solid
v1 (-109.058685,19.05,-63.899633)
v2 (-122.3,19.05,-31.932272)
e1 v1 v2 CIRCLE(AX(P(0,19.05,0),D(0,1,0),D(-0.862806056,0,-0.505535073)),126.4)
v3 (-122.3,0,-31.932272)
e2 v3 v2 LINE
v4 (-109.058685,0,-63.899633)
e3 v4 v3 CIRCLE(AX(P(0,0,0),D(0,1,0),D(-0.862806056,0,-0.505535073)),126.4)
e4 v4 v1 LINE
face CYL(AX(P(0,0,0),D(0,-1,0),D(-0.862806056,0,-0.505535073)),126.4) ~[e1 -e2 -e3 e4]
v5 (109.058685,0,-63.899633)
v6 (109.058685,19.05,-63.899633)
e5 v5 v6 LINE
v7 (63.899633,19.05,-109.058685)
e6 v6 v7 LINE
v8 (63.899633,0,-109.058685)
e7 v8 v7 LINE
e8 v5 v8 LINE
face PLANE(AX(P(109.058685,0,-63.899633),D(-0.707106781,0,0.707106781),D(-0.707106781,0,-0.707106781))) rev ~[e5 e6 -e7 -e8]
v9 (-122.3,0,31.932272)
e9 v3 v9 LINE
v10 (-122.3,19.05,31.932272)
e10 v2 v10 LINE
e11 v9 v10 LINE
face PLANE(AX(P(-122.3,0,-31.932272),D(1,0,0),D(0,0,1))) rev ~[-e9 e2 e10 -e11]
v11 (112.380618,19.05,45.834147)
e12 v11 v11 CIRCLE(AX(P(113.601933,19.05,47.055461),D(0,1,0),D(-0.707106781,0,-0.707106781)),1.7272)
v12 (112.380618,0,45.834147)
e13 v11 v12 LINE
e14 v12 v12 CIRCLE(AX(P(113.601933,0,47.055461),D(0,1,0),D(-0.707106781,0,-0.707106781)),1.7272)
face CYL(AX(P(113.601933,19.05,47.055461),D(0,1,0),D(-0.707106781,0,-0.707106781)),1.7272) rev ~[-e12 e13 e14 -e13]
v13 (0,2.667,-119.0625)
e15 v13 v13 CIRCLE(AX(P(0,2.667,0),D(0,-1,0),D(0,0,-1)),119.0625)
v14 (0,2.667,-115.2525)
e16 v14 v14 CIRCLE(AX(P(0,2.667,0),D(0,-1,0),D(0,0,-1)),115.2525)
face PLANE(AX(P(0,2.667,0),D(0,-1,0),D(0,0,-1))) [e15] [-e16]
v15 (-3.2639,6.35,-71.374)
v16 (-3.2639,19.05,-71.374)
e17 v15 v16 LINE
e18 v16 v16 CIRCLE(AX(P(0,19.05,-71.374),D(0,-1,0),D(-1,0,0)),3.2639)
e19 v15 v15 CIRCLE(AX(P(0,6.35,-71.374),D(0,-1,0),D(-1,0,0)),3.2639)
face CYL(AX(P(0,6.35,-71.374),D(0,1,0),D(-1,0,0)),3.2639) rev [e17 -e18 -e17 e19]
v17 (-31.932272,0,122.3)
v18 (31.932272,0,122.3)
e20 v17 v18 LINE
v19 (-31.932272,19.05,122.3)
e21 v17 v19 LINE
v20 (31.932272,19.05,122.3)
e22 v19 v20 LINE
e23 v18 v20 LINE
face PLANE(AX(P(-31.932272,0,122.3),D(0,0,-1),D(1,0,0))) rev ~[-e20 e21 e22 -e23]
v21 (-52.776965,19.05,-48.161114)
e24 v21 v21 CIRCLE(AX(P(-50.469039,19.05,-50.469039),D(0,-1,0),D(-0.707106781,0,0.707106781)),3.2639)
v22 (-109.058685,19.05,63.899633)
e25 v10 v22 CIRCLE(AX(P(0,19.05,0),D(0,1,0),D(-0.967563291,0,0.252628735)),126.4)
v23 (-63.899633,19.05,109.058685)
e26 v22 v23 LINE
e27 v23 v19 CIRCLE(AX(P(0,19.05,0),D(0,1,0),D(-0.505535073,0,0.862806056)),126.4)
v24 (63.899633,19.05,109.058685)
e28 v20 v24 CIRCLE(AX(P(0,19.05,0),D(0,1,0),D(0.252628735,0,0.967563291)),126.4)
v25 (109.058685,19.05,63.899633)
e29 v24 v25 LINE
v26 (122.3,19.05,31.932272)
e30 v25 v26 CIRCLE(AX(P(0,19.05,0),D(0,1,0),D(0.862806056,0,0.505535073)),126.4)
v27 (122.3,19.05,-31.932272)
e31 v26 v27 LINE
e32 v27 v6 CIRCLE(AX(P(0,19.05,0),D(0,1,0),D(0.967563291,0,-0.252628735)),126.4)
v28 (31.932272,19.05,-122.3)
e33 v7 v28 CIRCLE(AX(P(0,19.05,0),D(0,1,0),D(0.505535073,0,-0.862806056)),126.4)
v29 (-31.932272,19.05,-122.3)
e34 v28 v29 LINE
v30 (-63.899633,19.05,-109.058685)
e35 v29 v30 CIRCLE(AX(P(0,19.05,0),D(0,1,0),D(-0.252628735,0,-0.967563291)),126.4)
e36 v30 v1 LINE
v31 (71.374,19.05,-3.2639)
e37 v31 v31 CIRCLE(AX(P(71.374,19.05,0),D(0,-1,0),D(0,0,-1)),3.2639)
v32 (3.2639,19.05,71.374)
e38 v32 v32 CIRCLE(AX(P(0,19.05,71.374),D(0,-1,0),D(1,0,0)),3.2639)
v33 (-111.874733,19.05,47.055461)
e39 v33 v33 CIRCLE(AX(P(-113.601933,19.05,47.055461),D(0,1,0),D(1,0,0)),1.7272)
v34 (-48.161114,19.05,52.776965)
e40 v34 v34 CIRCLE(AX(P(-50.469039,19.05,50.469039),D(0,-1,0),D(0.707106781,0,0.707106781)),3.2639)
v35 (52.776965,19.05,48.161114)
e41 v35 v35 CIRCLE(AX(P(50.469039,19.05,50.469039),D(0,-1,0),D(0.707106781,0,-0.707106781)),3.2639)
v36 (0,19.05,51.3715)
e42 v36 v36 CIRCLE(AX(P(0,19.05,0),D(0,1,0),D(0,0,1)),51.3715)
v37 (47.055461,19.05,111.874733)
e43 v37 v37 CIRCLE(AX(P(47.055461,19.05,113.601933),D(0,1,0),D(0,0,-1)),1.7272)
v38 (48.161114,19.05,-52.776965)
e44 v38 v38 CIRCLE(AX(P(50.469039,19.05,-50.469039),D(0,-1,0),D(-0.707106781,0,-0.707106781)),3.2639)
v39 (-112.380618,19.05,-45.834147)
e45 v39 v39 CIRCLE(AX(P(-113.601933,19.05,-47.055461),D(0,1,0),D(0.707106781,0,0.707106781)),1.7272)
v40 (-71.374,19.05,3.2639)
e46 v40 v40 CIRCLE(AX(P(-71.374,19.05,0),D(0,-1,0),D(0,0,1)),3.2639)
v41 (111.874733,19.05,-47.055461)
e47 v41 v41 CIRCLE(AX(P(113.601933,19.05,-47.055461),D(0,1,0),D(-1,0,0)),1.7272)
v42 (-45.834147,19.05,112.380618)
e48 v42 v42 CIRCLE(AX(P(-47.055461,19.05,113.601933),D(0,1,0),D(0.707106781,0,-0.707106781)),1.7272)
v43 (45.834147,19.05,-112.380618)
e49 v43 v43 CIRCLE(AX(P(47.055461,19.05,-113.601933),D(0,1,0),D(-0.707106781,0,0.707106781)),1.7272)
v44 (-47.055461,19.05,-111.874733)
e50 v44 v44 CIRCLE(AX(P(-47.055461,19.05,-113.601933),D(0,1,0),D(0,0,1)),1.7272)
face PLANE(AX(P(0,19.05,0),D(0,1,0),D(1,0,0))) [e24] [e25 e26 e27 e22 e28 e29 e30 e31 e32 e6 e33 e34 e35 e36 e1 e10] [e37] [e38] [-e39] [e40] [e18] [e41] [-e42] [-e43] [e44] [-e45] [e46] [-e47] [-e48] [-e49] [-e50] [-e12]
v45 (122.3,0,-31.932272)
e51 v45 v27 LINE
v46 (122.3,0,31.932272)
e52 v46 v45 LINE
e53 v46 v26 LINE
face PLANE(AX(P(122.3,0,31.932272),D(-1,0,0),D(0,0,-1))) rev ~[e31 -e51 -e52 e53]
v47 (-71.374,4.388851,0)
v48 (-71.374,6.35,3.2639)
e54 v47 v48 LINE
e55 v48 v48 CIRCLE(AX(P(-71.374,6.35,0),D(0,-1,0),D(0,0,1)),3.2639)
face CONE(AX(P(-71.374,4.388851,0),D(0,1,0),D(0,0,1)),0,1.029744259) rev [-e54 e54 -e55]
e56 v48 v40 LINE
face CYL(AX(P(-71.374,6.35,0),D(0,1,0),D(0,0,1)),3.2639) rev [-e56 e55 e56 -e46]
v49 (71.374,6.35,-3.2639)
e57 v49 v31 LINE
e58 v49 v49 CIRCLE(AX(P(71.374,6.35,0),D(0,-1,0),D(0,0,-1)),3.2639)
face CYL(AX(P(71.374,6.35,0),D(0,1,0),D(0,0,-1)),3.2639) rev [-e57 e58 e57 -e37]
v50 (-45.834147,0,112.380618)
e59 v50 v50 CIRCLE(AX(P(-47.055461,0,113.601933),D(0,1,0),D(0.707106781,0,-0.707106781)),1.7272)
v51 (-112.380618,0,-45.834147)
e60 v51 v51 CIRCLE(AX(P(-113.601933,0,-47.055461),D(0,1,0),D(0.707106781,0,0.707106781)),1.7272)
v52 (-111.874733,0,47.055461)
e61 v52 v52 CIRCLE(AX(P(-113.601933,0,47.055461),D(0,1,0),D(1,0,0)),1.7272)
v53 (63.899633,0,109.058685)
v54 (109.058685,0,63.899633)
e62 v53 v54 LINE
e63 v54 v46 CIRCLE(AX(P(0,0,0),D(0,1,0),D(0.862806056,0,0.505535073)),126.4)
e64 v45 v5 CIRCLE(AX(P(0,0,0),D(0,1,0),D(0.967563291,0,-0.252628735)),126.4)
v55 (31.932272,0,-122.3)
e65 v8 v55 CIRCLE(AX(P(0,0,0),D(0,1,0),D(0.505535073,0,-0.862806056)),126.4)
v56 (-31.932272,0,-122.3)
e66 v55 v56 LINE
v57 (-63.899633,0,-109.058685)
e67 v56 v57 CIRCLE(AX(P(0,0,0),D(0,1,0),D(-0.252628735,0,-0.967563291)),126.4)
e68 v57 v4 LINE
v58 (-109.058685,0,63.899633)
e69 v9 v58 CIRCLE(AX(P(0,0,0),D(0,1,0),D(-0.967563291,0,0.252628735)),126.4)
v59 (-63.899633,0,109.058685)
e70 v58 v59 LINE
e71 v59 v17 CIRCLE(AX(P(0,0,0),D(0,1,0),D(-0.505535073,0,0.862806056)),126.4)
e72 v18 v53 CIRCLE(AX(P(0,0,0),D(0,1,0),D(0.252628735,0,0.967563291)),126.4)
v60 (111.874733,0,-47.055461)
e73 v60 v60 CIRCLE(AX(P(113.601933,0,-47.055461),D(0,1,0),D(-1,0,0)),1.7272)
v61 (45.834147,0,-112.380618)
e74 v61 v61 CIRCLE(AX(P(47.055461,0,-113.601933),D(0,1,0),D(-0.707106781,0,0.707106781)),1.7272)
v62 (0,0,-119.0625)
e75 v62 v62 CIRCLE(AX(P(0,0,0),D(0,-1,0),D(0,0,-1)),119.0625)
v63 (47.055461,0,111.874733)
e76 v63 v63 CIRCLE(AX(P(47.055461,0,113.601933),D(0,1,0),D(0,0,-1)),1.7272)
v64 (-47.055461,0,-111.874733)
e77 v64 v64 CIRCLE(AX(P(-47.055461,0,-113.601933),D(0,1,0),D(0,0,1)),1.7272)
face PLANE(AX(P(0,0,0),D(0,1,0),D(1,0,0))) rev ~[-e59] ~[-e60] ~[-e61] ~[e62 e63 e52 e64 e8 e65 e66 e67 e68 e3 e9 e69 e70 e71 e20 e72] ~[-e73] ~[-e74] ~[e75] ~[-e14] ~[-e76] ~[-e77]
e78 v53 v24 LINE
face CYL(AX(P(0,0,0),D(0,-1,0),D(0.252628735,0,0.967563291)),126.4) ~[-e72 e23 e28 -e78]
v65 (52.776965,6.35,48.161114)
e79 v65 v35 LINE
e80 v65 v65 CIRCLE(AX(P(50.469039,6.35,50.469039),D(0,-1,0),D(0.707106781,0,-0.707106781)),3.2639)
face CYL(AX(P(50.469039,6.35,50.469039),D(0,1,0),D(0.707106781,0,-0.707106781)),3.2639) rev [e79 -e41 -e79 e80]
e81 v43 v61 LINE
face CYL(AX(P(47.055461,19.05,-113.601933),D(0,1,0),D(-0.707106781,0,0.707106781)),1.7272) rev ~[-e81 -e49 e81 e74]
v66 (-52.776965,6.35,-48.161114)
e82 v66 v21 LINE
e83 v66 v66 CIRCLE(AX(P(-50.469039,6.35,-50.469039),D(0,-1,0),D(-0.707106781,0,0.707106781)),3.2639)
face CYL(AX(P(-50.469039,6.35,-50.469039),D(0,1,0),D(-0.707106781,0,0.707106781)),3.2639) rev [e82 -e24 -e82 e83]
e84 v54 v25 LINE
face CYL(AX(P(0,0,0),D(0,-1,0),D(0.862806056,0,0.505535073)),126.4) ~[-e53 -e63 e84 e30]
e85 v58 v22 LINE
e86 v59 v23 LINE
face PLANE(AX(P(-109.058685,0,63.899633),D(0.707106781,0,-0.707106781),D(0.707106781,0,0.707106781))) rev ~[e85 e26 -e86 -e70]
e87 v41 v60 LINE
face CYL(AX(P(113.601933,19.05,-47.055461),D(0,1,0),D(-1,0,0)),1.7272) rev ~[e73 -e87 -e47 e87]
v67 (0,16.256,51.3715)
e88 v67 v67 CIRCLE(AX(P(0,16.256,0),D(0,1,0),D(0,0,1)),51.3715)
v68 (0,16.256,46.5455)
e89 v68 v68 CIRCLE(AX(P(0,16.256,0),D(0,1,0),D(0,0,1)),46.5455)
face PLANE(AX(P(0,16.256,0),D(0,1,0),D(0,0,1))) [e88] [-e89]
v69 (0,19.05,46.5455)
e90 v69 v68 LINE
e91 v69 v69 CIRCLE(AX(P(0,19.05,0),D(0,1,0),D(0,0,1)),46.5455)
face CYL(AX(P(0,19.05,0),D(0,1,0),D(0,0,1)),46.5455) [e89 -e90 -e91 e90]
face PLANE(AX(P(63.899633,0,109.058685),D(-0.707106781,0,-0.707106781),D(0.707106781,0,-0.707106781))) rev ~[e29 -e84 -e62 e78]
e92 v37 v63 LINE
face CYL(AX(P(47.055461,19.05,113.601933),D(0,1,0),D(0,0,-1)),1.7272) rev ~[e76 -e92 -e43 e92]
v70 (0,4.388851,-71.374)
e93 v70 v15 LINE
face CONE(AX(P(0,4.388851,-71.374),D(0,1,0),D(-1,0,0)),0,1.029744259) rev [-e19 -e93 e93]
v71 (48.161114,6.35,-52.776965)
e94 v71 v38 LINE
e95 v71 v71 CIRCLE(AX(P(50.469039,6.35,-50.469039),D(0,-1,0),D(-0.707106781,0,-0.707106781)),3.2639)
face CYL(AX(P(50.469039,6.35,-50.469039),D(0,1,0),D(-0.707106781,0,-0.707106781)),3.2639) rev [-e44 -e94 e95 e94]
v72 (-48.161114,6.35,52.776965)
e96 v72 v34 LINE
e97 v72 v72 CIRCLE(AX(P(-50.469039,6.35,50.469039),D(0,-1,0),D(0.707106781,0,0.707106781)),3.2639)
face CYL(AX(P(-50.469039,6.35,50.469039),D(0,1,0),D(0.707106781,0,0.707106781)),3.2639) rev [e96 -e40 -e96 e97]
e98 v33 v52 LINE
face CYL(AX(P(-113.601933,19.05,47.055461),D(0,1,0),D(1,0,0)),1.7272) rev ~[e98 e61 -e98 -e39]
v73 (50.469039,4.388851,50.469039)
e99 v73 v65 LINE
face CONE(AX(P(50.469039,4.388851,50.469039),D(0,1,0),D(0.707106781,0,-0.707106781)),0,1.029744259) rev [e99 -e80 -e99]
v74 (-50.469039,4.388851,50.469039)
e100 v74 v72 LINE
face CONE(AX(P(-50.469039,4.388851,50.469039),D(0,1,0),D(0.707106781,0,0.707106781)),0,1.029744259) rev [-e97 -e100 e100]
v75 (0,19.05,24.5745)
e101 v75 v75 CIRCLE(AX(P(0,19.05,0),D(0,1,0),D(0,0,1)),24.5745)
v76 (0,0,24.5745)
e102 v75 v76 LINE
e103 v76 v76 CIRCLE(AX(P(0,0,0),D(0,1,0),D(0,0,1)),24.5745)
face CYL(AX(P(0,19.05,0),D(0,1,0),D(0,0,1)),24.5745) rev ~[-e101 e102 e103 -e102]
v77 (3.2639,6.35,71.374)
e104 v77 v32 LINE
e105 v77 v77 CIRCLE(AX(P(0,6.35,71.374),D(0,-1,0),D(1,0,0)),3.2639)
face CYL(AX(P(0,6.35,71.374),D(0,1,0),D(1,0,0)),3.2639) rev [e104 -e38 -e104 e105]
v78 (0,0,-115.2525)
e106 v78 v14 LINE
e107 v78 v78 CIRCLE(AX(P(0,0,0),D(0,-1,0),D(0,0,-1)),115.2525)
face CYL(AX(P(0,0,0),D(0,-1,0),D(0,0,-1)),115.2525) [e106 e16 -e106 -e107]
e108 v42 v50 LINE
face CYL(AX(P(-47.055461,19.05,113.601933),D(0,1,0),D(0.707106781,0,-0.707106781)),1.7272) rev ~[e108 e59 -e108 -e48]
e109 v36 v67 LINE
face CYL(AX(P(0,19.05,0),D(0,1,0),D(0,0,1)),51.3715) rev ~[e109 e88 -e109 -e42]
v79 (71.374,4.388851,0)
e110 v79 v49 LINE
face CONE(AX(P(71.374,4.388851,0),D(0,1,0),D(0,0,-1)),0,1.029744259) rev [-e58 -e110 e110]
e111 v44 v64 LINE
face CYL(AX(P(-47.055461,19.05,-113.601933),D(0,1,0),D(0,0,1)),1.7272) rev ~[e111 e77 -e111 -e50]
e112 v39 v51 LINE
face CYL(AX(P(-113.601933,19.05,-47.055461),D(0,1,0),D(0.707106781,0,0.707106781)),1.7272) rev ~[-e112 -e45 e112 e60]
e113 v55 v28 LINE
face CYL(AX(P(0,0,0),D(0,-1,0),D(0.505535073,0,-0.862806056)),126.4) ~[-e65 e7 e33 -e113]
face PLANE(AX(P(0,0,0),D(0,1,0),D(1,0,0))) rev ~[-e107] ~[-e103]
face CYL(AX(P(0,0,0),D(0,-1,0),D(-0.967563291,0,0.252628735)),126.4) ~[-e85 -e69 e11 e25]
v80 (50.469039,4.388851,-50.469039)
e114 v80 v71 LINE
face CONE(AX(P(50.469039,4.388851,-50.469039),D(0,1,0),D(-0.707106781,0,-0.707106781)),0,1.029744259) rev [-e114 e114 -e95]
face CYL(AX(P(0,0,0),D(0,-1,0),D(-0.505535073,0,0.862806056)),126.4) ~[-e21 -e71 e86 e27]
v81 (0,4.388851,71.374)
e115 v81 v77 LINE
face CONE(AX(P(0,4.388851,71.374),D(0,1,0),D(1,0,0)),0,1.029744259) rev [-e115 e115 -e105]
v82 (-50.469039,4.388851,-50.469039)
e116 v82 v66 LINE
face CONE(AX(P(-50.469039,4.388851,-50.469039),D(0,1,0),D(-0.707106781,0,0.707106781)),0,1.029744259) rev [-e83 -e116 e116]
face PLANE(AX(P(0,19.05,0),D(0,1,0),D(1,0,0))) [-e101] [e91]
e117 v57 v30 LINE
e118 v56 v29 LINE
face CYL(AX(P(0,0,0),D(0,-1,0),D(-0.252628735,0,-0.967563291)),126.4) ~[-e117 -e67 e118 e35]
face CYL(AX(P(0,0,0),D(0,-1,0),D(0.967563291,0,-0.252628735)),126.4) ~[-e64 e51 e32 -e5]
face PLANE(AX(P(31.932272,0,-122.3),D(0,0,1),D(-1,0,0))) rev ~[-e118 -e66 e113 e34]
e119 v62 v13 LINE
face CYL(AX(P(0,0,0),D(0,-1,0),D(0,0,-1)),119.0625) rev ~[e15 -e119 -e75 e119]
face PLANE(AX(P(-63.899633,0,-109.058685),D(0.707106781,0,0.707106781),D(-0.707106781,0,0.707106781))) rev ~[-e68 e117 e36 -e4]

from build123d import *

# Parameters (mm, degrees)
BOSS_EXTRUDE1_DEPTH = 19.05
SKETCH3_R           = 24.5745
CUT_EXTRUDE1_DEPTH  = 175.004260005
SKETCH5_R           = 51.3715
SKETCH5_R_2         = 46.5455
CUT_EXTRUDE2_DEPTH  = 2.794
SKETCH19_R          = 1.7272
CUT_EXTRUDE4_DEPTH  = 175.004260005
CIRPATTERN2_COUNT   = 8
SKETCH37_R          = 119.0625
SKETCH37_R_2        = 115.2525
CUT_EXTRUDE7_DEPTH  = 2.667
CIRPATTERN4_COUNT   = 8


with BuildPart() as part:
    # Sketch1 → Boss-Extrude1 (new body)
    with BuildSketch(Plane(origin=(0, 0, 0), x_dir=(1, 0, 0), z_dir=(0, 1, 0))):
        with BuildLine():
            ThreePointArc((-31.932272077, 122.3), (-48.371185851, 116.778372909), (-63.899633215, 109.058685463))
            Line((-63.899633215, 109.058685463), (-109.058685463, 63.899633215))
            ThreePointArc((-109.058685463, 63.899633215), (-116.778372909, 48.371185851), (-122.3, 31.932272077))
            Line((-122.3, 31.932272077), (-122.3, -31.932272077))
            ThreePointArc((-122.3, -31.932272077), (-116.778372909, -48.371185851), (-109.058685463, -63.899633215))
            Line((-109.058685463, -63.899633215), (-63.899633215, -109.058685463))
            ThreePointArc((-63.899633215, -109.058685463), (-48.371185851, -116.778372909), (-31.932272077, -122.3))
            Line((-31.932272077, -122.3), (31.932272077, -122.3))
            ThreePointArc((31.932272077, -122.3), (48.371185851, -116.778372909), (63.899633215, -109.058685463))
            Line((63.899633215, -109.058685463), (109.058685463, -63.899633215))
            ThreePointArc((109.058685463, -63.899633215), (116.778372909, -48.371185851), (122.3, -31.932272077))
            Line((122.3, -31.932272077), (122.3, 31.932272077))
            ThreePointArc((122.3, 31.932272077), (116.778372909, 48.371185851), (109.058685463, 63.899633215))
            Line((109.058685463, 63.899633215), (63.899633215, 109.058685463))
            ThreePointArc((63.899633215, 109.058685463), (48.371185851, 116.778372909), (31.932272077, 122.3))
            Line((31.932272077, 122.3), (-31.932272077, 122.3))
        make_face()
    extrude(amount=BOSS_EXTRUDE1_DEPTH)

    # Sketch3 → Cut-Extrude1 (cut, through all)
    with BuildSketch(Plane(origin=(0, 19.05, 0), x_dir=(1, 0, 0), z_dir=(0, 1, 0))):
        with Locations(Location((0, 0, 0), (0, 0, 270))):
            Circle(SKETCH3_R)
    extrude(amount=-CUT_EXTRUDE1_DEPTH, mode=Mode.SUBTRACT)

    # Sketch5 → Cut-Extrude2 (cut)
    with BuildSketch(Plane(origin=(0, 19.05, 0), x_dir=(1, 0, 0), z_dir=(0, 1, 0))):
        with Locations(Location((0, 0, 0), (0, 0, 270))):
            Circle(SKETCH5_R)
        with Locations(Location((0, 0, 0), (0, 0, 270))):
            Circle(SKETCH5_R_2, mode=Mode.SUBTRACT)
    extrude(amount=-CUT_EXTRUDE2_DEPTH, mode=Mode.SUBTRACT)

    # Sketch19 → Cut-Extrude4 (cut, through all)
    with BuildSketch(Plane(origin=(0, 19.05, 0), x_dir=(1, 0, 0), z_dir=(0, 1, 0))):
        with Locations(Location((-47.055461432, 113.601933173, 0), (0, 0, 270))):
            Circle(SKETCH19_R)
    cut_extrude4 = extrude(amount=-CUT_EXTRUDE4_DEPTH, mode=Mode.SUBTRACT)

    # CirPattern2: Cut-Extrude4 ×8 about axis
    cirpattern2_axis = Axis((0, 0, 0), (0, 1, 0))
    for i in range(1, CIRPATTERN2_COUNT):
        add(cut_extrude4.rotate(cirpattern2_axis, i * 360 / CIRPATTERN2_COUNT), mode=Mode.SUBTRACT)

    # Sketch23 → 5/16-18 Tapped Hole2 (revolve, cut)
    with BuildSketch(Plane(origin=(-71.374, 19.05, 0), x_dir=(0, 0, 1), z_dir=(1, 0, 0))):
        Polygon((0, 0), (0, 14.661148974), (3.2639, 12.7), (3.2639, 0), align=None)
    f_5_16_18_tapped_hole2 = revolve(axis=Axis((-71.374, 25.4, 0), (0, -1, 0)), mode=Mode.SUBTRACT)

    # Sketch37 → Cut-Extrude7 (cut)
    with BuildSketch(Plane.XZ):
        with Locations(Location((0, 0, 0), (0, 0, 270))):
            Circle(SKETCH37_R)
        with Locations(Location((0, 0, 0), (0, 0, 270))):
            Circle(SKETCH37_R_2, mode=Mode.SUBTRACT)
    extrude(amount=-CUT_EXTRUDE7_DEPTH, mode=Mode.SUBTRACT)

    # CirPattern4: 5/16-18 Tapped Hole2 ×8 about axis
    cirpattern4_axis = Axis((0, 0, 0), (0, 1, 0))
    for i in range(1, CIRPATTERN4_COUNT):
        add(f_5_16_18_tapped_hole2.rotate(cirpattern4_axis, i * 360 / CIRPATTERN4_COUNT), mode=Mode.SUBTRACT)


solid = part.part
